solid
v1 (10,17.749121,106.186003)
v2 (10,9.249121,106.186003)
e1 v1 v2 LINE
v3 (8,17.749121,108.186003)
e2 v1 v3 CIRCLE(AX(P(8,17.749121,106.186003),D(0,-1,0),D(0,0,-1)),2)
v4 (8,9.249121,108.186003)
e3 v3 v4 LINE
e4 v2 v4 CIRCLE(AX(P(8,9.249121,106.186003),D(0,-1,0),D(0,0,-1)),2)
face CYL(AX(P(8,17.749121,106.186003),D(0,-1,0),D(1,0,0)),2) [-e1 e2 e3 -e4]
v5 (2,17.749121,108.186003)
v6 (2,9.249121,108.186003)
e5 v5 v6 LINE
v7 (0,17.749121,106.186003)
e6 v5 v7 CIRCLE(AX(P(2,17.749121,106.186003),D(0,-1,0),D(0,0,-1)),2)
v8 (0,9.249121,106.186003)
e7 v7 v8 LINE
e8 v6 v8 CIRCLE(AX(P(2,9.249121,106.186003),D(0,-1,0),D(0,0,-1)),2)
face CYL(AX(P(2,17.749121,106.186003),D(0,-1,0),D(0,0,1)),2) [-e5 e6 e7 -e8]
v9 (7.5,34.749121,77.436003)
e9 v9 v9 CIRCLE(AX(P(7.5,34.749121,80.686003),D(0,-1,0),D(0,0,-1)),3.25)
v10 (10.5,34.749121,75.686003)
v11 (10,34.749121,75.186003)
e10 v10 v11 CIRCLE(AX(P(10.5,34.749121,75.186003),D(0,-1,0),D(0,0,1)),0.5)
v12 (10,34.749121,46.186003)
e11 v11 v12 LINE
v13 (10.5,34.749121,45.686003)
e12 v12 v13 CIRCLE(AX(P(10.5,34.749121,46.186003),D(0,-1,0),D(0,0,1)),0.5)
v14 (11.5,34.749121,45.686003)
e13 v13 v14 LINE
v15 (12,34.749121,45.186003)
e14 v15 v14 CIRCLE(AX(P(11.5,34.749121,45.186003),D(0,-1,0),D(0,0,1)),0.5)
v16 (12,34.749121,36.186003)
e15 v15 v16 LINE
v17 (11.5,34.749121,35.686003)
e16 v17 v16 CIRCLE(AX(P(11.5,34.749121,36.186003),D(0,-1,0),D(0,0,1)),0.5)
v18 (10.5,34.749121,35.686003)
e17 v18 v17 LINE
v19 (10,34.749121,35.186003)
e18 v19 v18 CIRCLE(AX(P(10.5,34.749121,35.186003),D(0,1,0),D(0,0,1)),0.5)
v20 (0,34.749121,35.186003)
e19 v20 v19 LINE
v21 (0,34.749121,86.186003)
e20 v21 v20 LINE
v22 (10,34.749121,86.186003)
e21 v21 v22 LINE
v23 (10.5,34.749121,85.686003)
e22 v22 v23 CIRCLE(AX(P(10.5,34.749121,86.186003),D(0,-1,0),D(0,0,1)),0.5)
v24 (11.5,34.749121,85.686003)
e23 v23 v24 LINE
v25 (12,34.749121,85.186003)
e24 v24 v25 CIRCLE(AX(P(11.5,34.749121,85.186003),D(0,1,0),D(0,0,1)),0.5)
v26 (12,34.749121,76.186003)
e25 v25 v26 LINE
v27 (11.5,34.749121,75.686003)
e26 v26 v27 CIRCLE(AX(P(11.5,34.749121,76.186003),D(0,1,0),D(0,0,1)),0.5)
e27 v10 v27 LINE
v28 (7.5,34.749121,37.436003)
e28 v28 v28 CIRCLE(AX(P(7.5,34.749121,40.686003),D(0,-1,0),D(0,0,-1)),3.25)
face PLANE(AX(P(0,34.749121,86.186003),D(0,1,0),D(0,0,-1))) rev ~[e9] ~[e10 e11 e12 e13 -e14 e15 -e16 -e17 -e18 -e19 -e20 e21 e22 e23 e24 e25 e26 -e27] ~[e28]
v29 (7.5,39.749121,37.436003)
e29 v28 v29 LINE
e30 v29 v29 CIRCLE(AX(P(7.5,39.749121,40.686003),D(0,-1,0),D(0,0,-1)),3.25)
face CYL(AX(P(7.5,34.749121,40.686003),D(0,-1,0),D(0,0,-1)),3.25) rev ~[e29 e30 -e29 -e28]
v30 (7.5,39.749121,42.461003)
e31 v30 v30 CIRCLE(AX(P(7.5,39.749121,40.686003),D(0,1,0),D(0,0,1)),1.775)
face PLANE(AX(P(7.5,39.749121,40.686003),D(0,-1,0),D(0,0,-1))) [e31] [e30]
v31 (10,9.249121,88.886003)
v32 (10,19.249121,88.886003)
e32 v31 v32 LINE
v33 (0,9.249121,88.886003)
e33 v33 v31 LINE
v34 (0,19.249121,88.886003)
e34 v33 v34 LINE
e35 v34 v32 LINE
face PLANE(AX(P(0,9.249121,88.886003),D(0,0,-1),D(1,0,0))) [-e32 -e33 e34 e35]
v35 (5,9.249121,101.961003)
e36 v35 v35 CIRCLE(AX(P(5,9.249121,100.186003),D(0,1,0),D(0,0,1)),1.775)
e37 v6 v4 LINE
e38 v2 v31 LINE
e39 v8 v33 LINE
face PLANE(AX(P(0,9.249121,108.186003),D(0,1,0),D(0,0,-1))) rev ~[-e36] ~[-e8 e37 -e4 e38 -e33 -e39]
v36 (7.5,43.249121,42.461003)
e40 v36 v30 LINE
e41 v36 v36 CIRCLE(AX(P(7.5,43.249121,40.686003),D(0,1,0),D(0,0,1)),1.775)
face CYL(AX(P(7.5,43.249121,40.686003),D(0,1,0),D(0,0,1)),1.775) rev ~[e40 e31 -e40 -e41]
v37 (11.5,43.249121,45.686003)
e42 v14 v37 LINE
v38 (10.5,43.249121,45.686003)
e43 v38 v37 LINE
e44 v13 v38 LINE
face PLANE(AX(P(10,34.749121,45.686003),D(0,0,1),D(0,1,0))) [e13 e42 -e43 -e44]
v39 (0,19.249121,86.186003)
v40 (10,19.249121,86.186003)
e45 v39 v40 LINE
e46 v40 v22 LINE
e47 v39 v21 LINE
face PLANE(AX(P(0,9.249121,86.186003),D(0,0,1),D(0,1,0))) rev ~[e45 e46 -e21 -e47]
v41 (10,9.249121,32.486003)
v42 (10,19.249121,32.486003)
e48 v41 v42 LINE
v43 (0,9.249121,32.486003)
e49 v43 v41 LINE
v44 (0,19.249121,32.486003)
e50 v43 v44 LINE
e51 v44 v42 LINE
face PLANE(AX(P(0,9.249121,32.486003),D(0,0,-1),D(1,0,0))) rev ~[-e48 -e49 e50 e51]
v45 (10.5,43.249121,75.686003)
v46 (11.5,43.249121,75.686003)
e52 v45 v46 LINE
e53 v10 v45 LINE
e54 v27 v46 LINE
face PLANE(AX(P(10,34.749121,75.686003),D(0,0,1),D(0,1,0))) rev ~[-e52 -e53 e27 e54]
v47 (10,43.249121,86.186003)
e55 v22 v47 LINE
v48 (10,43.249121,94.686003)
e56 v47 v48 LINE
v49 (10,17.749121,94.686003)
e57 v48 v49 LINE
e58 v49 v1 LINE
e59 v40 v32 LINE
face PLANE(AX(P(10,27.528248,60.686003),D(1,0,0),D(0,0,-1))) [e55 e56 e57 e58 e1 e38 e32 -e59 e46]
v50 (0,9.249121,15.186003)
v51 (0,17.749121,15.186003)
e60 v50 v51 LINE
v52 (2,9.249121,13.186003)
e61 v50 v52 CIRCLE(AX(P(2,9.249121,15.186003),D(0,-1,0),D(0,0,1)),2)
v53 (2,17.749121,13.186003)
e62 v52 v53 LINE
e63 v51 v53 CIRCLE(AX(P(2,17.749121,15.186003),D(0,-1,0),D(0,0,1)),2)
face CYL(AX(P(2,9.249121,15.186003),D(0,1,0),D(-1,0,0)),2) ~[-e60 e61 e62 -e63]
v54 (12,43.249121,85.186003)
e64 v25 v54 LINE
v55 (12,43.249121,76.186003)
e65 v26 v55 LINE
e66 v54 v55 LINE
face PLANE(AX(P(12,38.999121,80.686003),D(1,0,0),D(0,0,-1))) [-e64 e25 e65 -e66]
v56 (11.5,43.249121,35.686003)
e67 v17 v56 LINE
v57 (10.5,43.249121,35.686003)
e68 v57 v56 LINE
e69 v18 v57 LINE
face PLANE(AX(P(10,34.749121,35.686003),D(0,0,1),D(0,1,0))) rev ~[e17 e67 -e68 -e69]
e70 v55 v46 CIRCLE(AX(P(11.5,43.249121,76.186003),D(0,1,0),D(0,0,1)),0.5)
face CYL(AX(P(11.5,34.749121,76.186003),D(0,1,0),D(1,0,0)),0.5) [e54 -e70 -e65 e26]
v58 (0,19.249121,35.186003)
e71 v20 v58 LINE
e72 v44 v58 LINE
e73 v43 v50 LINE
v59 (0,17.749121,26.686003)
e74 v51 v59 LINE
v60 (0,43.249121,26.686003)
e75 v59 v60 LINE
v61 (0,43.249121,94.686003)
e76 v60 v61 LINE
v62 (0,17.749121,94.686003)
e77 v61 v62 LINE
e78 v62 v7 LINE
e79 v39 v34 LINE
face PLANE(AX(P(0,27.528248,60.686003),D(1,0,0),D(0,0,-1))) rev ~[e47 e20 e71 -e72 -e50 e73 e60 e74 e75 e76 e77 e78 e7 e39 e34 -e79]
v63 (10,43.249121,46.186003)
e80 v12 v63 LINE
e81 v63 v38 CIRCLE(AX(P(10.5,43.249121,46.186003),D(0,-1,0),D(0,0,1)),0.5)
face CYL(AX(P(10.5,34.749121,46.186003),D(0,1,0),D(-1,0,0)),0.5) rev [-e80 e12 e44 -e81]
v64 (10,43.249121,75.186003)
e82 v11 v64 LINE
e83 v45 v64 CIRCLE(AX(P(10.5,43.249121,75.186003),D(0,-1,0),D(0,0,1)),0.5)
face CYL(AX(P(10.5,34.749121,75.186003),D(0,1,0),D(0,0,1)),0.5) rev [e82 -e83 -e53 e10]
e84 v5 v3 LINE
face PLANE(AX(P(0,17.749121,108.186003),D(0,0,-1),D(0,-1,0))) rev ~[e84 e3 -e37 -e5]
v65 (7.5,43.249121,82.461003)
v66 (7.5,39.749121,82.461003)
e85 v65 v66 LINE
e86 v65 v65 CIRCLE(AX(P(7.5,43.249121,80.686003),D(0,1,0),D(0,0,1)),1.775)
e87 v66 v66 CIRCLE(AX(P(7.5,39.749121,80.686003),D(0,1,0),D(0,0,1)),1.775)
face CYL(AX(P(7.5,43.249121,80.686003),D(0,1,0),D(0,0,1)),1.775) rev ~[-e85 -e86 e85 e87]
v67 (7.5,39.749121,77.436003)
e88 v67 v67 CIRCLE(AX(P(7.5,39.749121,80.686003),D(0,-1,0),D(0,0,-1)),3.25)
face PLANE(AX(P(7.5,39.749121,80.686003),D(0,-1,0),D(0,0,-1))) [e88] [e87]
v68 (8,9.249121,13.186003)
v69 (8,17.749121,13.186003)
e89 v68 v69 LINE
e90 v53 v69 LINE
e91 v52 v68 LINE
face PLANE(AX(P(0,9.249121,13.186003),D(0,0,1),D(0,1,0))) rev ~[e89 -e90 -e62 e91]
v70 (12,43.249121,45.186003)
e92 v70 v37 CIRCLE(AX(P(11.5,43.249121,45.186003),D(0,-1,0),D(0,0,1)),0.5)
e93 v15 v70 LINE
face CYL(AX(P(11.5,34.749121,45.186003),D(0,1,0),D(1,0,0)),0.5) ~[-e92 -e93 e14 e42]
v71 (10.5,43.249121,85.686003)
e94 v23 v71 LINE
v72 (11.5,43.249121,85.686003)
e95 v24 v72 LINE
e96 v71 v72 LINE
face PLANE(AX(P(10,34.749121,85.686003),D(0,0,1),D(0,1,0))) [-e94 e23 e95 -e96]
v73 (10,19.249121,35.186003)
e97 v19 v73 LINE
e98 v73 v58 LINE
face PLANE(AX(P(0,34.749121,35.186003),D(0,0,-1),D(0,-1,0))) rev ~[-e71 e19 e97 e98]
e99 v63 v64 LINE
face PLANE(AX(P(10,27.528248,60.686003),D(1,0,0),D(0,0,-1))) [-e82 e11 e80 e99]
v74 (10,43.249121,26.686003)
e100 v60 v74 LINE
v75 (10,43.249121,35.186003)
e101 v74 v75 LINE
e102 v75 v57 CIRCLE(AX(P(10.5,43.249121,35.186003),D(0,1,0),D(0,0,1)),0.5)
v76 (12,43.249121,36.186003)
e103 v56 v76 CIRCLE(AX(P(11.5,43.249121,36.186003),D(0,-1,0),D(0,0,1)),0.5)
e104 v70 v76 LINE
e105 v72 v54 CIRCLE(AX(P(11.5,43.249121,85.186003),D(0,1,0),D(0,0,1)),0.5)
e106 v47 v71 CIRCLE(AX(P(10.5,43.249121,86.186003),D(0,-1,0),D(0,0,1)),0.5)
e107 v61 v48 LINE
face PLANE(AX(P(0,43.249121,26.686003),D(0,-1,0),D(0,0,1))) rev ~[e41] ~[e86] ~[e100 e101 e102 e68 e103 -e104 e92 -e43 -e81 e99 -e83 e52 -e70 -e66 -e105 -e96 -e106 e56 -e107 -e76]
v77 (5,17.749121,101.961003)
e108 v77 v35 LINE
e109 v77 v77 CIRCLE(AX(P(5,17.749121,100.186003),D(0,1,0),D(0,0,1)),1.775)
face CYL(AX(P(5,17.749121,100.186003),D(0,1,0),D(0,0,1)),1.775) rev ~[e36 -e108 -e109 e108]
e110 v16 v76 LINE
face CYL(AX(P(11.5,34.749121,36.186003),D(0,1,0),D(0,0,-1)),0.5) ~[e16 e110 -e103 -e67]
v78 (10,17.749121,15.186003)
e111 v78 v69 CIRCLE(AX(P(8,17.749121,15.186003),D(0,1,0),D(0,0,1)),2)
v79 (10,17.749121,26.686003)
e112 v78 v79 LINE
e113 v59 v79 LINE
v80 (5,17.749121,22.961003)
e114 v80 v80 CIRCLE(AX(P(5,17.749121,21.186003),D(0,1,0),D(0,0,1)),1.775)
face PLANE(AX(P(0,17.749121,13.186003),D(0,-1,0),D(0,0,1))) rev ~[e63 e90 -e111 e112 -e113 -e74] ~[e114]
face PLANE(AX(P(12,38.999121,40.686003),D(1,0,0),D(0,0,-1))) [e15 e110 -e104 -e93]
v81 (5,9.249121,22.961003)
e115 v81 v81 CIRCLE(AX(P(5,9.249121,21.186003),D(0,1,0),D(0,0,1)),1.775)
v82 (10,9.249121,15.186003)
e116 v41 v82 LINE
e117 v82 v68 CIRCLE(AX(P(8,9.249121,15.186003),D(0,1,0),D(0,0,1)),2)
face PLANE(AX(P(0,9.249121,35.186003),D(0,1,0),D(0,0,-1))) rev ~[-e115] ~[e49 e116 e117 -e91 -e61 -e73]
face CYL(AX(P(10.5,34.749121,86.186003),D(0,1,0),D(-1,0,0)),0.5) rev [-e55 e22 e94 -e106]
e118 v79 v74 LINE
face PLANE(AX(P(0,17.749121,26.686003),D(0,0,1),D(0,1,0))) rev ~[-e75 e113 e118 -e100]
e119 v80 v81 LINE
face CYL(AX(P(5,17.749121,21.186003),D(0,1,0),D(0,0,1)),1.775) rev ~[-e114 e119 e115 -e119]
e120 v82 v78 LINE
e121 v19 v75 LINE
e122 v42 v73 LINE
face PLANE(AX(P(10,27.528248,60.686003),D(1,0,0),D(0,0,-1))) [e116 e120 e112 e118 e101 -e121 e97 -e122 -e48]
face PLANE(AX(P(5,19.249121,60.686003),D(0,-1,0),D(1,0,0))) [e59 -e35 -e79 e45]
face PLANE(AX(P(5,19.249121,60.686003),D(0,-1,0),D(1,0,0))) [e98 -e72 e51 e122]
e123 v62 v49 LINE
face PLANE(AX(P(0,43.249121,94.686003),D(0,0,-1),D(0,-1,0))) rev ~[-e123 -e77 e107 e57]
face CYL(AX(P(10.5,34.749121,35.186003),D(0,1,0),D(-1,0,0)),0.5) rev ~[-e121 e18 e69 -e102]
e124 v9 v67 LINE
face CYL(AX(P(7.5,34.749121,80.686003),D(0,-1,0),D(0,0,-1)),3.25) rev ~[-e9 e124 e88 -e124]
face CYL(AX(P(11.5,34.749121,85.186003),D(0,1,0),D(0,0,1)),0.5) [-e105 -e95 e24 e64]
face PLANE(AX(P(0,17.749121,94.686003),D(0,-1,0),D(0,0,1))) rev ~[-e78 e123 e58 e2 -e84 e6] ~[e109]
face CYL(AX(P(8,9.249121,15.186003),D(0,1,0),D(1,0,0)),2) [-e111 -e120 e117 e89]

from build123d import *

# Parameters (mm, degrees)
BOSS_EXTRUDE1_DEPTH = 10
SKETCH2_R           = 1.775
CUT_EXTRUDE1_DEPTH  = 112.599557576
SKETCH3_W           = 10
SKETCH3_H           = 8.5
BOSS_EXTRUDE2_DEPTH = 2
SKETCH4_R           = 1.775
CUT_EXTRUDE2_DEPTH  = 115.036008573
FILLET2_R           = 0.5
FILLET3_R           = 2
SKETCH5_W           = 10
SKETCH5_H           = 56.4
CUT_EXTRUDE3_DEPTH  = 10
SKETCH6_R           = 3.25
CUT_EXTRUDE4_DEPTH  = 5


with BuildPart() as part:
    # Sketch1 → Boss-Extrude1 (new body)
    with BuildSketch(Plane(origin=(0, 0, 0), x_dir=(0, 0, -1), z_dir=(1, 0, 0))):
        Polygon((-108.186003028, 9.249121329), (-86.186003028, 9.249121329), (-86.186003028, 34.749121329), (-35.186003028, 34.749121329), (-35.186003028, 9.249121329), (-13.186003028, 9.249121329), (-13.186003028, 17.749121329), (-26.686003028, 17.749121329), (-26.686003028, 43.249121329), (-94.686003028, 43.249121329), (-94.686003028, 17.749121329), (-108.186003028, 17.749121329), align=None)
    extrude(amount=BOSS_EXTRUDE1_DEPTH)

    # Sketch2 → Cut-Extrude1 (cut, through all)
    with BuildSketch(Plane(origin=(0, 17.749121329, 0), x_dir=(1, 0, 0), z_dir=(0, 1, 0))):
        with Locations(Location((5, -100.186003028, 0), (0, 0, 270))):
            Circle(SKETCH2_R)
        with Locations(Location((5, -21.186003028, 0), (0, 0, 270))):
            Circle(SKETCH2_R)
    extrude(amount=-CUT_EXTRUDE1_DEPTH, mode=Mode.SUBTRACT)

    # Sketch3 → Boss-Extrude2 (add)
    with BuildSketch(Plane(origin=(10, 0, 0), x_dir=(0, 0, -1), z_dir=(1, 0, 0))):
        with Locations((-80.686003028, 38.999121329)):
            Rectangle(SKETCH3_W, SKETCH3_H)
        with Locations((-40.686003028, 38.999121329)):
            Rectangle(SKETCH3_W, SKETCH3_H)
    extrude(amount=BOSS_EXTRUDE2_DEPTH)

    # Sketch4 → Cut-Extrude2 (cut, through all)
    with BuildSketch(Plane(origin=(0, 43.249121329, 0), x_dir=(1, 0, 0), z_dir=(0, 1, 0))):
        with Locations(Location((7.5, -80.686003028, 0), (0, 0, 270))):
            Circle(SKETCH4_R)
        with Locations(Location((7.5, -40.686003028, 0), (0, 0, 270))):
            Circle(SKETCH4_R)
    extrude(amount=-CUT_EXTRUDE2_DEPTH, mode=Mode.SUBTRACT)

    # Fillet2
    fillet2_edges = [part.edges().sort_by_distance(p)[0] for p in [
        (10, 38.999121329, 35.686003028),
        (10, 38.999121329, 45.686003028),
        (12, 38.999121329, 35.686003028),
        (12, 38.999121329, 45.686003028),
        (10, 38.999121329, 75.686003028),
        (12, 38.999121329, 75.686003028),
        (12, 38.999121329, 85.686003028),
        (10, 38.999121329, 85.686003028),
    ]]
    fillet(fillet2_edges, radius=FILLET2_R)

    # Fillet3
    fillet3_edges = [part.edges().sort_by_distance(p)[0] for p in [
        (0, 13.499121329, 13.186003028),
        (0, 13.499121329, 108.186003028),
        (10, 13.499121329, 13.186003028),
        (10, 13.499121329, 108.186003028),
    ]]
    fillet(fillet3_edges, radius=FILLET3_R)

    # Sketch5 → Cut-Extrude3 (cut)
    with BuildSketch(Plane.XZ.offset(-9.249121329)):
        with Locations((5, 60.686003028)):
            Rectangle(SKETCH5_W, SKETCH5_H)
    extrude(amount=-CUT_EXTRUDE3_DEPTH, mode=Mode.SUBTRACT)

    # Sketch6 → Cut-Extrude4 (cut)
    with BuildSketch(Plane.XZ.offset(-34.749121329)):
        with Locations(Location((7.5, 80.686003028, 0), (0, 0, 270))):
            Circle(SKETCH6_R)
        with Locations(Location((7.5, 40.686003028, 0), (0, 0, 270))):
            Circle(SKETCH6_R)
    extrude(amount=-CUT_EXTRUDE4_DEPTH, mode=Mode.SUBTRACT)


solid = part.part
